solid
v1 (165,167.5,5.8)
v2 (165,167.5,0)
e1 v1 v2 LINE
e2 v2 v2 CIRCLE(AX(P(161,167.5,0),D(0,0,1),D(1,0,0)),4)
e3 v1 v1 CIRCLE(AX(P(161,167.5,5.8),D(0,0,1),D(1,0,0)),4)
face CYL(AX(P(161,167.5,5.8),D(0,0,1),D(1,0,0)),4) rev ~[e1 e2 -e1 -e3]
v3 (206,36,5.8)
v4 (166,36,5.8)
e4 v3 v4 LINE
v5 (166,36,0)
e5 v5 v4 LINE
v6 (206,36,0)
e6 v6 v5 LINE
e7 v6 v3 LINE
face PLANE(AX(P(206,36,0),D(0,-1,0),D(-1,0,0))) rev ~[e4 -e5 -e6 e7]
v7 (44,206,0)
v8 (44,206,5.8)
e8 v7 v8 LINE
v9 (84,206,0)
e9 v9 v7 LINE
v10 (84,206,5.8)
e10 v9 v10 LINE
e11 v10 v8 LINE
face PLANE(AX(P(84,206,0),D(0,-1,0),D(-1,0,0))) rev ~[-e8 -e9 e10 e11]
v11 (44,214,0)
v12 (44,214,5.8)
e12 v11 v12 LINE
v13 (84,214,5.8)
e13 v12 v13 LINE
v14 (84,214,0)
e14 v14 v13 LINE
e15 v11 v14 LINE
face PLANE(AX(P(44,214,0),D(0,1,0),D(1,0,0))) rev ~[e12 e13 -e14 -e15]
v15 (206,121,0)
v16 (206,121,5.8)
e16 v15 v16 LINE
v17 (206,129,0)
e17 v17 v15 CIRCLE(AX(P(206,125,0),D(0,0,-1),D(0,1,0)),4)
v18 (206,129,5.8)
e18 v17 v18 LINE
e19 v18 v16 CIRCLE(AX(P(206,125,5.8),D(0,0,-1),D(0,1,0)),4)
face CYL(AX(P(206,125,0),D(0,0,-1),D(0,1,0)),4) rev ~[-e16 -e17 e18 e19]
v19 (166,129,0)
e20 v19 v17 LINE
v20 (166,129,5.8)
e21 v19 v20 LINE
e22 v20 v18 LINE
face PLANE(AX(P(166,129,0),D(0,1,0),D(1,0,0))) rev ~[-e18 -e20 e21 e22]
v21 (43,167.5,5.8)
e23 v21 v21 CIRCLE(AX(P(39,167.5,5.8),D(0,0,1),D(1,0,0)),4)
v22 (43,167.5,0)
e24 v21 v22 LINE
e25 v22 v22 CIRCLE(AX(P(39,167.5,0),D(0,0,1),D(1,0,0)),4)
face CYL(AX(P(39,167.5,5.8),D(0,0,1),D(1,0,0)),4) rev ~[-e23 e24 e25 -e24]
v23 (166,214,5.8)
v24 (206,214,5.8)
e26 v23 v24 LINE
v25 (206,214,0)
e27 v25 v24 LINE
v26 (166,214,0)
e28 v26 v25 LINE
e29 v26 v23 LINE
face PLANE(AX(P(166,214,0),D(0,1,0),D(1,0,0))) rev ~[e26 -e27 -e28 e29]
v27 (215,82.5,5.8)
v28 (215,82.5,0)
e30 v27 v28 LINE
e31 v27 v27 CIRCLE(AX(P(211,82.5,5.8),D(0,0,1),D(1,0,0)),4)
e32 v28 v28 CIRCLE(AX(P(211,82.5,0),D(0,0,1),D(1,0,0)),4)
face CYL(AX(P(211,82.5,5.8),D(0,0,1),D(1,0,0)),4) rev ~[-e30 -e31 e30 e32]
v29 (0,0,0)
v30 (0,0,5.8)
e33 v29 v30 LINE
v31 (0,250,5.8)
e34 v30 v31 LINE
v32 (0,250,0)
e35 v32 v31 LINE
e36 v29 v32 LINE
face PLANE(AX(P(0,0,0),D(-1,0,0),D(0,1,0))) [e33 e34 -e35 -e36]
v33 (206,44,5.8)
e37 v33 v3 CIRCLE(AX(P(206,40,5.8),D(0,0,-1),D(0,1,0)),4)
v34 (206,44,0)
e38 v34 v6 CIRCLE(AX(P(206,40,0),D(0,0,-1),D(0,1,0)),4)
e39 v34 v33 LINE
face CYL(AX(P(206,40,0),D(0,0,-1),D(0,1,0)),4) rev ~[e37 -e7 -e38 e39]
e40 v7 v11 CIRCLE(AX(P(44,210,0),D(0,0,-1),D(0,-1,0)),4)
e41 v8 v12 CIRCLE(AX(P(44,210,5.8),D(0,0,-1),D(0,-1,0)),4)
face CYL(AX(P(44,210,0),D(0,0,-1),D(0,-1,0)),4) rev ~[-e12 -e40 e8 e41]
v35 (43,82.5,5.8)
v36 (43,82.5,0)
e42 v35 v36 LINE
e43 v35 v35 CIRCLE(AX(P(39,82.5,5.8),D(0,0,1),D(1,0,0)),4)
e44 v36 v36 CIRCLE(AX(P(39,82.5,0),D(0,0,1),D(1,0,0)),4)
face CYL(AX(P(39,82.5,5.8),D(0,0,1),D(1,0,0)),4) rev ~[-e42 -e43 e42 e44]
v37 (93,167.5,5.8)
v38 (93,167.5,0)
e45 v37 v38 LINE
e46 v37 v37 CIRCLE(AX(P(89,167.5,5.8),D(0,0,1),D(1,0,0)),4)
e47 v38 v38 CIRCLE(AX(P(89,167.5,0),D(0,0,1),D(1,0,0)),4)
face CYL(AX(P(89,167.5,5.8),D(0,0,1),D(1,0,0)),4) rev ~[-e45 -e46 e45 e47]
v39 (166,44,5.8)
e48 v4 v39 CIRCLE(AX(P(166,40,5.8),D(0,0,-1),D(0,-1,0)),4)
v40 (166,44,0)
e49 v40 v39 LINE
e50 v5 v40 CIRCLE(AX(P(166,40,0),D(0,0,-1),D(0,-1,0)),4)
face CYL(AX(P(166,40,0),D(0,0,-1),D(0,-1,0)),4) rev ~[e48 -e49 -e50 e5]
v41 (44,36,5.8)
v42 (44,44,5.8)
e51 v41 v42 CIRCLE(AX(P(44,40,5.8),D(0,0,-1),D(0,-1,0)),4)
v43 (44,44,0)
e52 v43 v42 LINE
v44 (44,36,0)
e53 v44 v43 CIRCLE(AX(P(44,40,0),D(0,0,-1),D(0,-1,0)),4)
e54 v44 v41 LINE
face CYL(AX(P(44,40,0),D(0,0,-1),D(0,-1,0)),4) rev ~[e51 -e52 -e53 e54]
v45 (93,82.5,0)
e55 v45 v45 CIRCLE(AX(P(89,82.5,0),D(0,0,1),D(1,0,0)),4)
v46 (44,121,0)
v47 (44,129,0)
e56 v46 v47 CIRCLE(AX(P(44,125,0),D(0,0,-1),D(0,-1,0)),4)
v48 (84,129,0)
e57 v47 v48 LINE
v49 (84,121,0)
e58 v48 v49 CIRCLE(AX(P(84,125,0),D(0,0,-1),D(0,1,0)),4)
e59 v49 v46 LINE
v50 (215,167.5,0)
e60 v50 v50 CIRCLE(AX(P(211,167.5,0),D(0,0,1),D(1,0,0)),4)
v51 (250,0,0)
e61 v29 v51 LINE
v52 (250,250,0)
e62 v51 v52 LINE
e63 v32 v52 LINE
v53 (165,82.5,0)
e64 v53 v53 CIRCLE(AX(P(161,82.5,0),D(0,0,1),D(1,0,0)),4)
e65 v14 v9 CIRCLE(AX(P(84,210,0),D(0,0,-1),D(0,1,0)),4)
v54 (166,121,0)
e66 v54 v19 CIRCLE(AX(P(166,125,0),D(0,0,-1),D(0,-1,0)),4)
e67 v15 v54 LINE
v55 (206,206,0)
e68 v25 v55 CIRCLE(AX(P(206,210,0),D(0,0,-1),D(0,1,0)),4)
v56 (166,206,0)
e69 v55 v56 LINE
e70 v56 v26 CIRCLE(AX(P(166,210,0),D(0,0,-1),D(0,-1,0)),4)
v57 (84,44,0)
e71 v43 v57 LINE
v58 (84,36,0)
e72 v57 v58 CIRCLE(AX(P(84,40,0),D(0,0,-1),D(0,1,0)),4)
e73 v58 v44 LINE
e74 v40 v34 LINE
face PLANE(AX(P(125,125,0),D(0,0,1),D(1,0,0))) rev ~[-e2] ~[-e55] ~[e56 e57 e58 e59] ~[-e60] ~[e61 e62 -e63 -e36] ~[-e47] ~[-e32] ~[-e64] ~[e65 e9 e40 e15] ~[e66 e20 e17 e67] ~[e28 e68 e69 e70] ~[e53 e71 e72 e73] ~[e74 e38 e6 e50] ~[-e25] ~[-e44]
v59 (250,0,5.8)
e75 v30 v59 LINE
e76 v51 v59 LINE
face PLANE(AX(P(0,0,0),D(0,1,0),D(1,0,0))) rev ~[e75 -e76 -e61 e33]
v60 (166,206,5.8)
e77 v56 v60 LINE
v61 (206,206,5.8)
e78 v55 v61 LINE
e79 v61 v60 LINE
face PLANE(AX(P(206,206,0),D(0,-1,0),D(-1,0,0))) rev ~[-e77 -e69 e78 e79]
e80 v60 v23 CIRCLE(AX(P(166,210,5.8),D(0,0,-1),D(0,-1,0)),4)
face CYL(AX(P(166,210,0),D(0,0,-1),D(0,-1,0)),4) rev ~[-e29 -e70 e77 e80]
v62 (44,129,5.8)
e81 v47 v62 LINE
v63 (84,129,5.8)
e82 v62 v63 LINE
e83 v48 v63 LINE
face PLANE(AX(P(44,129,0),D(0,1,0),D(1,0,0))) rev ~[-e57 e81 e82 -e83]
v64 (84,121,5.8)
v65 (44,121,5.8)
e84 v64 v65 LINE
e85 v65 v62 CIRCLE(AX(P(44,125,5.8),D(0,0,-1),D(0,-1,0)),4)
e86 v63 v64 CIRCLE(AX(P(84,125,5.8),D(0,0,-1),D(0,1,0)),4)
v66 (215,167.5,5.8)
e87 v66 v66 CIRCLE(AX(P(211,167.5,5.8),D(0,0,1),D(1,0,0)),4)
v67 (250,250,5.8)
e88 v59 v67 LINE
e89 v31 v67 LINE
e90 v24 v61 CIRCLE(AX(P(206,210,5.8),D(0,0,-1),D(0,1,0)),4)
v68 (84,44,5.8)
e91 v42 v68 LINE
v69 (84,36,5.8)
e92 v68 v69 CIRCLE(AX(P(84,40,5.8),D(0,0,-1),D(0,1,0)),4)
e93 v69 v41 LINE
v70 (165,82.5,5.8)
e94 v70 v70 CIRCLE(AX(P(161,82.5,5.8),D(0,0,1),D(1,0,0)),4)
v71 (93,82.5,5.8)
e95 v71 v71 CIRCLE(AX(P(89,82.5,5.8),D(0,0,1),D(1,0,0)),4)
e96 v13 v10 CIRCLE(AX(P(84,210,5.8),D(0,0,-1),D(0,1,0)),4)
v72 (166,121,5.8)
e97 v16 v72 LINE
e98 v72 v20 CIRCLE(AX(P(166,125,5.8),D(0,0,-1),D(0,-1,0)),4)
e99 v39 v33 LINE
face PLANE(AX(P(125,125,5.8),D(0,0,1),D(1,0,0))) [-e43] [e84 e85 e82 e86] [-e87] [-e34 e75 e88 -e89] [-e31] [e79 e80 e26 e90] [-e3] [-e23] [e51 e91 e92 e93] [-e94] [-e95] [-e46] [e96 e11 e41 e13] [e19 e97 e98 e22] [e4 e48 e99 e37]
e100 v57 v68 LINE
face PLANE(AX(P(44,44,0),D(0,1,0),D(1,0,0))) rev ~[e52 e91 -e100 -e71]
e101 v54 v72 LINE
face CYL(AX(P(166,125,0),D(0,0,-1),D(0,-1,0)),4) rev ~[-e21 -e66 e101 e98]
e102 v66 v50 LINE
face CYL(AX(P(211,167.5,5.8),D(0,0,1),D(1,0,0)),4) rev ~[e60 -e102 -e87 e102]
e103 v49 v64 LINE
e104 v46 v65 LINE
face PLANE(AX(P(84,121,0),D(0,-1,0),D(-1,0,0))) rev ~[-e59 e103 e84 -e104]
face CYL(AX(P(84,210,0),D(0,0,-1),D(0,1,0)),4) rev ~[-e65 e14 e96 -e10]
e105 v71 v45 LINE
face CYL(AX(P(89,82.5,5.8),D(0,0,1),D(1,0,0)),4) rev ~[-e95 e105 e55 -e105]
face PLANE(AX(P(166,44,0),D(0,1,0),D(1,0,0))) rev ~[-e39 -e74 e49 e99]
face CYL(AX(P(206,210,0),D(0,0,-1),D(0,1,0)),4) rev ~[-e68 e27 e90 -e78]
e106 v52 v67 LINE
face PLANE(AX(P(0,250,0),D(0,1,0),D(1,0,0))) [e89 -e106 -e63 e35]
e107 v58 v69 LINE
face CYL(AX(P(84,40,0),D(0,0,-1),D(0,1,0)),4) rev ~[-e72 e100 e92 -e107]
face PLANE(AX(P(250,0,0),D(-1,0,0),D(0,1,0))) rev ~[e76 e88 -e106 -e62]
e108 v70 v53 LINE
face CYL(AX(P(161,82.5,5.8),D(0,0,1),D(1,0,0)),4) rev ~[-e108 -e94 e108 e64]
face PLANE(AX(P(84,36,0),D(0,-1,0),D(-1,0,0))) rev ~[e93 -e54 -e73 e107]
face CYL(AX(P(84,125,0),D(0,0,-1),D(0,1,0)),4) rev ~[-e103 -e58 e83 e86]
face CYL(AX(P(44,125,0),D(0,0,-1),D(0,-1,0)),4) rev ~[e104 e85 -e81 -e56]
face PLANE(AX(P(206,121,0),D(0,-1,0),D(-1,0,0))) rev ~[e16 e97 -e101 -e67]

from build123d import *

# Parameters (mm, degrees)
SKETCH_1_W          = 250
SKETCH_1_H          = 250
EXTRUDE_1_DEPTH     = 5.8
CUT_EXTRUDE_1_REACH = 355.601
SKETCH_2_R          = 4


with BuildPart() as part:
    # Эскиз1 → Бобышка-Вытянуть1 (new body)
    with BuildSketch(Plane.XY):
        with Locations((125, 125)):
            Rectangle(SKETCH_1_W, SKETCH_1_H)
        with BuildLine():
            Line((44, 214), (84, 214))
            ThreePointArc((84, 214), (88, 210), (84, 206))
            Line((84, 206), (44, 206))
            ThreePointArc((44, 206), (40, 210), (44, 214))
        make_face(mode=Mode.SUBTRACT)
        with BuildLine():
            Line((166, 214), (206, 214))
            ThreePointArc((206, 214), (210, 210), (206, 206))
            Line((206, 206), (166, 206))
            ThreePointArc((166, 206), (162, 210), (166, 214))
        make_face(mode=Mode.SUBTRACT)
        with BuildLine():
            Line((166, 129), (206, 129))
            ThreePointArc((206, 129), (210, 125), (206, 121))
            Line((206, 121), (166, 121))
            ThreePointArc((166, 121), (162, 125), (166, 129))
        make_face(mode=Mode.SUBTRACT)
        with BuildLine():
            Line((166, 44), (206, 44))
            ThreePointArc((206, 44), (210, 40), (206, 36))
            Line((206, 36), (166, 36))
            ThreePointArc((166, 36), (162, 40), (166, 44))
        make_face(mode=Mode.SUBTRACT)
        with BuildLine():
            Line((44, 129), (84, 129))
            ThreePointArc((84, 129), (88, 125), (84, 121))
            Line((84, 121), (44, 121))
            ThreePointArc((44, 121), (40, 125), (44, 129))
        make_face(mode=Mode.SUBTRACT)
        with BuildLine():
            Line((44, 44), (84, 44))
            ThreePointArc((84, 44), (88, 40), (84, 36))
            Line((84, 36), (44, 36))
            ThreePointArc((44, 36), (40, 40), (44, 44))
        make_face(mode=Mode.SUBTRACT)
    extrude(amount=EXTRUDE_1_DEPTH)

    # Эскиз2 → Вырез-Вытянуть1 (cut, up to next)
    with BuildSketch(Plane.XY.offset(5.8), mode=Mode.PRIVATE) as cut_extrude_1_sk1:
        with Locations((39, 167.5)):
            Circle(SKETCH_2_R)
    cut_extrude_1_tool1 = extrude(cut_extrude_1_sk1.sketch, amount=-CUT_EXTRUDE_1_REACH, mode=Mode.PRIVATE) & part.part
    # Эскиз2 → Вырез-Вытянуть1 (cut, up to next)
    with BuildSketch(Plane.XY.offset(5.8), mode=Mode.PRIVATE) as cut_extrude_1_sk2:
        with Locations((89, 167.5)):
            Circle(SKETCH_2_R)
    cut_extrude_1_tool2 = extrude(cut_extrude_1_sk2.sketch, amount=-CUT_EXTRUDE_1_REACH, mode=Mode.PRIVATE) & part.part
    # Эскиз2 → Вырез-Вытянуть1 (cut, up to next)
    with BuildSketch(Plane.XY.offset(5.8), mode=Mode.PRIVATE) as cut_extrude_1_sk3:
        with Locations((39, 82.5)):
            Circle(SKETCH_2_R)
    cut_extrude_1_tool3 = extrude(cut_extrude_1_sk3.sketch, amount=-CUT_EXTRUDE_1_REACH, mode=Mode.PRIVATE) & part.part
    # Эскиз2 → Вырез-Вытянуть1 (cut, up to next)
    with BuildSketch(Plane.XY.offset(5.8), mode=Mode.PRIVATE) as cut_extrude_1_sk4:
        with Locations((89, 82.5)):
            Circle(SKETCH_2_R)
    cut_extrude_1_tool4 = extrude(cut_extrude_1_sk4.sketch, amount=-CUT_EXTRUDE_1_REACH, mode=Mode.PRIVATE) & part.part
    # Эскиз2 → Вырез-Вытянуть1 (cut, up to next)
    with BuildSketch(Plane.XY.offset(5.8), mode=Mode.PRIVATE) as cut_extrude_1_sk5:
        with Locations((161, 82.5)):
            Circle(SKETCH_2_R)
    cut_extrude_1_tool5 = extrude(cut_extrude_1_sk5.sketch, amount=-CUT_EXTRUDE_1_REACH, mode=Mode.PRIVATE) & part.part
    # Эскиз2 → Вырез-Вытянуть1 (cut, up to next)
    with BuildSketch(Plane.XY.offset(5.8), mode=Mode.PRIVATE) as cut_extrude_1_sk6:
        with Locations((161, 167.5)):
            Circle(SKETCH_2_R)
    cut_extrude_1_tool6 = extrude(cut_extrude_1_sk6.sketch, amount=-CUT_EXTRUDE_1_REACH, mode=Mode.PRIVATE) & part.part
    # Эскиз2 → Вырез-Вытянуть1 (cut, up to next)
    with BuildSketch(Plane.XY.offset(5.8), mode=Mode.PRIVATE) as cut_extrude_1_sk7:
        with Locations((211, 167.5)):
            Circle(SKETCH_2_R)
    cut_extrude_1_tool7 = extrude(cut_extrude_1_sk7.sketch, amount=-CUT_EXTRUDE_1_REACH, mode=Mode.PRIVATE) & part.part
    # Эскиз2 → Вырез-Вытянуть1 (cut, up to next)
    with BuildSketch(Plane.XY.offset(5.8), mode=Mode.PRIVATE) as cut_extrude_1_sk8:
        with Locations((211, 82.5)):
            Circle(SKETCH_2_R)
    cut_extrude_1_tool8 = extrude(cut_extrude_1_sk8.sketch, amount=-CUT_EXTRUDE_1_REACH, mode=Mode.PRIVATE) & part.part
    add(cut_extrude_1_tool1.solids().sort_by_distance((39, 167.5, 5.8))[0], mode=Mode.SUBTRACT)
    add(cut_extrude_1_tool2.solids().sort_by_distance((89, 167.5, 5.8))[0], mode=Mode.SUBTRACT)
    add(cut_extrude_1_tool3.solids().sort_by_distance((39, 82.5, 5.8))[0], mode=Mode.SUBTRACT)
    add(cut_extrude_1_tool4.solids().sort_by_distance((89, 82.5, 5.8))[0], mode=Mode.SUBTRACT)
    add(cut_extrude_1_tool5.solids().sort_by_distance((161, 82.5, 5.8))[0], mode=Mode.SUBTRACT)
    add(cut_extrude_1_tool6.solids().sort_by_distance((161, 167.5, 5.8))[0], mode=Mode.SUBTRACT)
    add(cut_extrude_1_tool7.solids().sort_by_distance((211, 167.5, 5.8))[0], mode=Mode.SUBTRACT)
    add(cut_extrude_1_tool8.solids().sort_by_distance((211, 82.5, 5.8))[0], mode=Mode.SUBTRACT)


solid = part.part
